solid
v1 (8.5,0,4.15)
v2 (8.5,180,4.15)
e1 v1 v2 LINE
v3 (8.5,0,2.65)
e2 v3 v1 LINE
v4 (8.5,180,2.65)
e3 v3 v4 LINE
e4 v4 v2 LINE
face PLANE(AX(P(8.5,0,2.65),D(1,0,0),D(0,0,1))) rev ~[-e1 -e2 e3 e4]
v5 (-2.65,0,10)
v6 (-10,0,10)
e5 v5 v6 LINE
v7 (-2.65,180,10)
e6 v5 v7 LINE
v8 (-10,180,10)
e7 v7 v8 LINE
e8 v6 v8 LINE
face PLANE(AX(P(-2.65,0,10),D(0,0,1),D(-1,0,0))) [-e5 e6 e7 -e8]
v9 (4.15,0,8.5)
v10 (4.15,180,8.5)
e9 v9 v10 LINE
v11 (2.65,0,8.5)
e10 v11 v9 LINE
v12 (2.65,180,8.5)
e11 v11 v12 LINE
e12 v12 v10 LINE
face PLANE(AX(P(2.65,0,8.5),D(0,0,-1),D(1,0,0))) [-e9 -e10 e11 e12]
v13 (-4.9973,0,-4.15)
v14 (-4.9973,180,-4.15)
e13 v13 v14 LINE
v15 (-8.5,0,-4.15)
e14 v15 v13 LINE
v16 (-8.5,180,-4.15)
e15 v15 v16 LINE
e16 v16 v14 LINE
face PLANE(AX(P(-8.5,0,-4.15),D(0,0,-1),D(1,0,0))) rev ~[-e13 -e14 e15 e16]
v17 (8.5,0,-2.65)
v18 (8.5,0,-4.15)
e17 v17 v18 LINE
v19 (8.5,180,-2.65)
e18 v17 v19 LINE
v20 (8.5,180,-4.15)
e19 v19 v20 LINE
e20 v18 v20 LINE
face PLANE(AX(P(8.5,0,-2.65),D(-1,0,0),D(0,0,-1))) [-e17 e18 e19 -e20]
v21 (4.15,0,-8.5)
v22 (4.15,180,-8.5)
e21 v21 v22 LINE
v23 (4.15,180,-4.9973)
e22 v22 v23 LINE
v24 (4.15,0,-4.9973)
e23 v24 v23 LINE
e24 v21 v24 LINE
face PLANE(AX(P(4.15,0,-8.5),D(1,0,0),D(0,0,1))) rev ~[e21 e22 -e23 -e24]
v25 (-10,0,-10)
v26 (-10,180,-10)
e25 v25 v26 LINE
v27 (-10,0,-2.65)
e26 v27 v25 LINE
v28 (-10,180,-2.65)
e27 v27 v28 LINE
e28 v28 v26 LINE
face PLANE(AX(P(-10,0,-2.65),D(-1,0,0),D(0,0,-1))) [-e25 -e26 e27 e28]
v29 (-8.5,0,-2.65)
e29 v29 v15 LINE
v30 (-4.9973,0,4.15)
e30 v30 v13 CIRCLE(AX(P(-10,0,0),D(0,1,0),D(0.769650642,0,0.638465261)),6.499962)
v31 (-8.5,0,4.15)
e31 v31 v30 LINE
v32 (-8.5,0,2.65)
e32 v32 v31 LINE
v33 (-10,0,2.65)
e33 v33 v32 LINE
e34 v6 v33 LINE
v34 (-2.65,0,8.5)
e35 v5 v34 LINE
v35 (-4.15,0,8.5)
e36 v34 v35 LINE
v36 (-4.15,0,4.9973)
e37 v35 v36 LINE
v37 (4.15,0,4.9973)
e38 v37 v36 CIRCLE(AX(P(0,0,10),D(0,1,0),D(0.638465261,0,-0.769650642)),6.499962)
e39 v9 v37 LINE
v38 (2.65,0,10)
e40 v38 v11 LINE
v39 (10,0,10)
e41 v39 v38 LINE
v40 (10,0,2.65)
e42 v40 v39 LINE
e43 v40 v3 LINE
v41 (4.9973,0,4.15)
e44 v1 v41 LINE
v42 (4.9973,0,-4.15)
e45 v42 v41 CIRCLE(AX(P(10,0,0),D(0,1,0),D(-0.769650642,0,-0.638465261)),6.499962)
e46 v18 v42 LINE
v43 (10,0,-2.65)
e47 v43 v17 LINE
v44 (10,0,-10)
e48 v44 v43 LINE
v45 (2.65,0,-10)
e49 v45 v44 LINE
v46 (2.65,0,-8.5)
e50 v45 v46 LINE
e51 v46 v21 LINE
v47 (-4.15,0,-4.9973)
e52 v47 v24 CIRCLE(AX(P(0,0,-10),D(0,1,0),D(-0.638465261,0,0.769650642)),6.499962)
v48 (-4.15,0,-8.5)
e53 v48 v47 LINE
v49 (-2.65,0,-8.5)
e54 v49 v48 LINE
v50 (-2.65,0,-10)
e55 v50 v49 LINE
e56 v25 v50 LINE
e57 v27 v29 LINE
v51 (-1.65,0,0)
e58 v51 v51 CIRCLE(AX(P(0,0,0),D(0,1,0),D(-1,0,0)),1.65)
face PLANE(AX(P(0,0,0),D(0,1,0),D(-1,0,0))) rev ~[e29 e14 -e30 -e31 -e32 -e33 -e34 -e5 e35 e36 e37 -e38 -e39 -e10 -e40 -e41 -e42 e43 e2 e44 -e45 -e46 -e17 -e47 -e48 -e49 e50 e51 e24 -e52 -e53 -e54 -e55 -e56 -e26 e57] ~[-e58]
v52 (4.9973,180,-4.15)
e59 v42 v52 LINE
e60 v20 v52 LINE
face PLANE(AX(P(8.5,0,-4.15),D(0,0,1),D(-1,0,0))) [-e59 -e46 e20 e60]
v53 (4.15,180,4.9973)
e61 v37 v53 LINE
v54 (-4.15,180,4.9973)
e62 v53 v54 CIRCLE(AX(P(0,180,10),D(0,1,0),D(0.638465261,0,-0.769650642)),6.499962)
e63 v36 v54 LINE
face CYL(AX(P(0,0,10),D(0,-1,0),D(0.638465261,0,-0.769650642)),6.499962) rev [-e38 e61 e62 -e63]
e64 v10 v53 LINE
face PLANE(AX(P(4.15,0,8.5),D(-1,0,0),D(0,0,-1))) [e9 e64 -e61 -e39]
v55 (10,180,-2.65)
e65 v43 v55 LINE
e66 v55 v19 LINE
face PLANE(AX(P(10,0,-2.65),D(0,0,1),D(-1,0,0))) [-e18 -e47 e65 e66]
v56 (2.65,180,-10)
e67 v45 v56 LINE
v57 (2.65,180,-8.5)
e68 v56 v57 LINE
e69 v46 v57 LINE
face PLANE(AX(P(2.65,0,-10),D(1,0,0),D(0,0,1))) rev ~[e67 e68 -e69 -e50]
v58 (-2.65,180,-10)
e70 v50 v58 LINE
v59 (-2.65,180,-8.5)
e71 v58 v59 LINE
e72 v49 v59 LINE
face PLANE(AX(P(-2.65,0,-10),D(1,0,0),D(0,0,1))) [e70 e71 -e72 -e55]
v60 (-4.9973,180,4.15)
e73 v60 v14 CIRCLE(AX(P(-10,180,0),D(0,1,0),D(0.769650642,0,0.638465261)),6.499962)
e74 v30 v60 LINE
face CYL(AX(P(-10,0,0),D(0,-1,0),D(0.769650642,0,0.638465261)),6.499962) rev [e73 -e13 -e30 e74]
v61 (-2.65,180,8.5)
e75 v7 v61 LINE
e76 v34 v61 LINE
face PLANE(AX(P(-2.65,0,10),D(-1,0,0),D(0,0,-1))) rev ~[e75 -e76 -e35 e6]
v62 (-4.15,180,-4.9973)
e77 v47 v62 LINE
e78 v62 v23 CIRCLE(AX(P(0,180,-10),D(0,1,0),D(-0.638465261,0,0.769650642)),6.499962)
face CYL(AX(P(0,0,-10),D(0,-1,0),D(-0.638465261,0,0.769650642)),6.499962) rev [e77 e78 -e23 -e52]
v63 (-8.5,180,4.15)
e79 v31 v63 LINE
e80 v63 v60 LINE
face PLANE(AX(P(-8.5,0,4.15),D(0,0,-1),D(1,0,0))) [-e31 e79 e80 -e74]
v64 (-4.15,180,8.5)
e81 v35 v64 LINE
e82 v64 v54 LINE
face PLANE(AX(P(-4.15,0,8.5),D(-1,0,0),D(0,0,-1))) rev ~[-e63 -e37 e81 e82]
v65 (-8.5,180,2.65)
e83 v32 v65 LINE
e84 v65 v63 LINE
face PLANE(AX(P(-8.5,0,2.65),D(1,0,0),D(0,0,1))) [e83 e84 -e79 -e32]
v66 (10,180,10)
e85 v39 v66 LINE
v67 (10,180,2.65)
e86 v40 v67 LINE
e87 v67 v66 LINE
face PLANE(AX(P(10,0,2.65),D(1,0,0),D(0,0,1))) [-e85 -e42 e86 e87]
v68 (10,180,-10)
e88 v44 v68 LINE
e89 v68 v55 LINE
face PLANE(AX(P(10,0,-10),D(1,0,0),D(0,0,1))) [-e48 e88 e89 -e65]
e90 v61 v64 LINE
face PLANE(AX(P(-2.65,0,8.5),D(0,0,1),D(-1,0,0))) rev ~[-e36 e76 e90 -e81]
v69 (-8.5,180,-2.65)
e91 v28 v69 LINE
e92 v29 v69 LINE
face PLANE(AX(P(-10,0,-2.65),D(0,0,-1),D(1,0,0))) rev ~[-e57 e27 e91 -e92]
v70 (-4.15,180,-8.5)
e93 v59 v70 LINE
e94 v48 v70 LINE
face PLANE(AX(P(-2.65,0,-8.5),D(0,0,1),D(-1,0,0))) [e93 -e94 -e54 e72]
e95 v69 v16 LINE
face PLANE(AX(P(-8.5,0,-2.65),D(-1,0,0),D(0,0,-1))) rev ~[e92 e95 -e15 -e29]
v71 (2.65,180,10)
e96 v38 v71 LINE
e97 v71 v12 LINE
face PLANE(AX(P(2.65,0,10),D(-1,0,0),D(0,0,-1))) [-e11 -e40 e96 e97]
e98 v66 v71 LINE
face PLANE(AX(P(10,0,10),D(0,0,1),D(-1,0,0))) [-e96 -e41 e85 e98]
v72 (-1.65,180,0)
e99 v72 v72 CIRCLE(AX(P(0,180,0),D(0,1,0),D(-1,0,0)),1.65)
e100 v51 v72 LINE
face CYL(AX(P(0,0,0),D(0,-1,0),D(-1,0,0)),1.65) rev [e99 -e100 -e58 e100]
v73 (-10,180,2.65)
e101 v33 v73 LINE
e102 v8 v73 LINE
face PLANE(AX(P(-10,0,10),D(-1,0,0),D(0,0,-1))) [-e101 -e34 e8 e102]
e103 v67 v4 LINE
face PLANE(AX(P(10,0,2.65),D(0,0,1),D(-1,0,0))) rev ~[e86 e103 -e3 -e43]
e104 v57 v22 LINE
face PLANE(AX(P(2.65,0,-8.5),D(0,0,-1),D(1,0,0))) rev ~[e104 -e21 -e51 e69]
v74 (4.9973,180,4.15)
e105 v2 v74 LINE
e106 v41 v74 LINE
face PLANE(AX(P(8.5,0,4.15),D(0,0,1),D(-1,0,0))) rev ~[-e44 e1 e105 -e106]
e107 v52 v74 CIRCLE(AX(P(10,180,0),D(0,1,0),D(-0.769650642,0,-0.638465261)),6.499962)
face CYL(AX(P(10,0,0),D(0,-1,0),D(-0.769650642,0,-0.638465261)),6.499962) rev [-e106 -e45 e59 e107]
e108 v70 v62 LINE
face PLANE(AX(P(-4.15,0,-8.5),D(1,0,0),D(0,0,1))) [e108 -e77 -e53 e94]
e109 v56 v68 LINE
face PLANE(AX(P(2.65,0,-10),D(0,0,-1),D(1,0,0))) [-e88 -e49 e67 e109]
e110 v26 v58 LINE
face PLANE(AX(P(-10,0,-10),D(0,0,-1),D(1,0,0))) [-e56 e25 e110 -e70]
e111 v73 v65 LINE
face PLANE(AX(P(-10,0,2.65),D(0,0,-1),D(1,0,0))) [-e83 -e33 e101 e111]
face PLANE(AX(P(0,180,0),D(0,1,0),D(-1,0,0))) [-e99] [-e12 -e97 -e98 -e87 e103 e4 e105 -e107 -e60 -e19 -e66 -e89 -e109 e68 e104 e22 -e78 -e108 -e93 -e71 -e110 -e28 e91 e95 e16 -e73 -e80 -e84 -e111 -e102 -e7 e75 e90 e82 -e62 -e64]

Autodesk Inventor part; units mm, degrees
ref_plane "YZ Plane" through (0, 0, 0) normal (1, 0, 0) x (0, 1, 0)
ref_plane "XZ Plane" through (0, 0, 0) normal (0, 1, 0) x (-1, 0, 0)
ref_plane "XY Plane" through (0, 0, 0) normal (0, 0, 1) x (1, 0, 0)
sketch "草圖1" plane through (0, 0, 0) normal (0, 1, 0) x (-1, 0, 0)
  line L0 (10, 10) -> (10, -10)
  line L1 (-10, -10) -> (-10, 10)
  line L2 (-10, 10) -> (10, -10) construction
  line L3 (10, 10) -> (-10, -10) construction
  line L4 (2.65, -10) -> (2.65, -8.5)
  line L5 (2.65, -8.5) -> (4.15, -8.5)
  line L6 (4.15, -8.5) -> (4.15, -4.9973)
  arc A0 (4.15, -4.9973) -> (-4.15, -4.9973) centre (0, -10) ccw
  line L7 (0, -10) -> (0, 0) construction
  line L8 (-2.65, -10) -> (-2.65, -8.5)
  line L9 (-2.65, -8.5) -> (-4.15, -8.5)
  line L10 (-4.15, -8.5) -> (-4.15, -4.9973)
  arc A1 (4.9973, 4.15) -> (4.9973, -4.15) centre (10, 0) ccw
  line L11 (10, 2.65) -> (8.5, 2.65)
  line L12 (8.5, 2.65) -> (8.5, 4.15)
  line L13 (8.5, 4.15) -> (4.9973, 4.15)
  line L14 (10, -2.65) -> (8.5, -2.65)
  line L15 (8.5, -2.65) -> (8.5, -4.15)
  line L16 (8.5, -4.15) -> (4.9973, -4.15)
  arc A2 (-4.15, 4.9973) -> (4.15, 4.9973) centre (0, 10) ccw
  line L17 (-2.65, 10) -> (-2.65, 8.5)
  line L18 (-2.65, 8.5) -> (-4.15, 8.5)
  line L19 (-4.15, 8.5) -> (-4.15, 4.9973)
  line L20 (2.65, 10) -> (2.65, 8.5)
  line L21 (2.65, 8.5) -> (4.15, 8.5)
  line L22 (4.15, 8.5) -> (4.15, 4.9973)
  arc A3 (-4.9973, -4.15) -> (-4.9973, 4.15) centre (-10, 0) ccw
  line L23 (-10, -2.65) -> (-8.5, -2.65)
  line L24 (-8.5, -2.65) -> (-8.5, -4.15)
  line L25 (-8.5, -4.15) -> (-4.9973, -4.15)
  line L26 (-10, 2.65) -> (-8.5, 2.65)
  line L27 (-8.5, 2.65) -> (-8.5, 4.15)
  line L28 (-8.5, 4.15) -> (-4.9973, 4.15)
  line L29 (10, -10) -> (2.65, -10)
  line L30 (-2.65, -10) -> (-10, -10)
  line L31 (-10, 10) -> (-2.65, 10)
  line L32 (2.65, 10) -> (10, 10)
  circle A4 centre (0, 0) radius 1.65
  point P0 (2.65, -9.25)
  point P1 (-2.65, -9.25)
  point P2 (9.25, 2.65)
  point P3 (9.25, -2.65)
  point P4 (-2.65, 9.25)
  point P5 (2.65, 9.25)
  point P6 (-9.25, -2.65)
  point P7 (-9.25, 2.65)
  dimension "d0" = 20
  dimension "d1" = 20
  dimension "d2" = 13
  dimension "d3" = 1.5
  dimension "d4" = 2.65
  dimension "d5" = 4.15
  dimension "d8" = 360
  dimension "d10" = 3.3
extrude "擠出1" add sketch "草圖1" along normal blind 180 contours L0 L11 L12 L13 A1 L16 L15 L14 L29 L4 L5 L6 A0 L10 L9 L8 L30 L1 L23 L24 L25 A3 L28 L27 L26 L31 L17 L18 L19 A2 L22 L21 L20 L32
properties part number "j2j3 alumi ext"
